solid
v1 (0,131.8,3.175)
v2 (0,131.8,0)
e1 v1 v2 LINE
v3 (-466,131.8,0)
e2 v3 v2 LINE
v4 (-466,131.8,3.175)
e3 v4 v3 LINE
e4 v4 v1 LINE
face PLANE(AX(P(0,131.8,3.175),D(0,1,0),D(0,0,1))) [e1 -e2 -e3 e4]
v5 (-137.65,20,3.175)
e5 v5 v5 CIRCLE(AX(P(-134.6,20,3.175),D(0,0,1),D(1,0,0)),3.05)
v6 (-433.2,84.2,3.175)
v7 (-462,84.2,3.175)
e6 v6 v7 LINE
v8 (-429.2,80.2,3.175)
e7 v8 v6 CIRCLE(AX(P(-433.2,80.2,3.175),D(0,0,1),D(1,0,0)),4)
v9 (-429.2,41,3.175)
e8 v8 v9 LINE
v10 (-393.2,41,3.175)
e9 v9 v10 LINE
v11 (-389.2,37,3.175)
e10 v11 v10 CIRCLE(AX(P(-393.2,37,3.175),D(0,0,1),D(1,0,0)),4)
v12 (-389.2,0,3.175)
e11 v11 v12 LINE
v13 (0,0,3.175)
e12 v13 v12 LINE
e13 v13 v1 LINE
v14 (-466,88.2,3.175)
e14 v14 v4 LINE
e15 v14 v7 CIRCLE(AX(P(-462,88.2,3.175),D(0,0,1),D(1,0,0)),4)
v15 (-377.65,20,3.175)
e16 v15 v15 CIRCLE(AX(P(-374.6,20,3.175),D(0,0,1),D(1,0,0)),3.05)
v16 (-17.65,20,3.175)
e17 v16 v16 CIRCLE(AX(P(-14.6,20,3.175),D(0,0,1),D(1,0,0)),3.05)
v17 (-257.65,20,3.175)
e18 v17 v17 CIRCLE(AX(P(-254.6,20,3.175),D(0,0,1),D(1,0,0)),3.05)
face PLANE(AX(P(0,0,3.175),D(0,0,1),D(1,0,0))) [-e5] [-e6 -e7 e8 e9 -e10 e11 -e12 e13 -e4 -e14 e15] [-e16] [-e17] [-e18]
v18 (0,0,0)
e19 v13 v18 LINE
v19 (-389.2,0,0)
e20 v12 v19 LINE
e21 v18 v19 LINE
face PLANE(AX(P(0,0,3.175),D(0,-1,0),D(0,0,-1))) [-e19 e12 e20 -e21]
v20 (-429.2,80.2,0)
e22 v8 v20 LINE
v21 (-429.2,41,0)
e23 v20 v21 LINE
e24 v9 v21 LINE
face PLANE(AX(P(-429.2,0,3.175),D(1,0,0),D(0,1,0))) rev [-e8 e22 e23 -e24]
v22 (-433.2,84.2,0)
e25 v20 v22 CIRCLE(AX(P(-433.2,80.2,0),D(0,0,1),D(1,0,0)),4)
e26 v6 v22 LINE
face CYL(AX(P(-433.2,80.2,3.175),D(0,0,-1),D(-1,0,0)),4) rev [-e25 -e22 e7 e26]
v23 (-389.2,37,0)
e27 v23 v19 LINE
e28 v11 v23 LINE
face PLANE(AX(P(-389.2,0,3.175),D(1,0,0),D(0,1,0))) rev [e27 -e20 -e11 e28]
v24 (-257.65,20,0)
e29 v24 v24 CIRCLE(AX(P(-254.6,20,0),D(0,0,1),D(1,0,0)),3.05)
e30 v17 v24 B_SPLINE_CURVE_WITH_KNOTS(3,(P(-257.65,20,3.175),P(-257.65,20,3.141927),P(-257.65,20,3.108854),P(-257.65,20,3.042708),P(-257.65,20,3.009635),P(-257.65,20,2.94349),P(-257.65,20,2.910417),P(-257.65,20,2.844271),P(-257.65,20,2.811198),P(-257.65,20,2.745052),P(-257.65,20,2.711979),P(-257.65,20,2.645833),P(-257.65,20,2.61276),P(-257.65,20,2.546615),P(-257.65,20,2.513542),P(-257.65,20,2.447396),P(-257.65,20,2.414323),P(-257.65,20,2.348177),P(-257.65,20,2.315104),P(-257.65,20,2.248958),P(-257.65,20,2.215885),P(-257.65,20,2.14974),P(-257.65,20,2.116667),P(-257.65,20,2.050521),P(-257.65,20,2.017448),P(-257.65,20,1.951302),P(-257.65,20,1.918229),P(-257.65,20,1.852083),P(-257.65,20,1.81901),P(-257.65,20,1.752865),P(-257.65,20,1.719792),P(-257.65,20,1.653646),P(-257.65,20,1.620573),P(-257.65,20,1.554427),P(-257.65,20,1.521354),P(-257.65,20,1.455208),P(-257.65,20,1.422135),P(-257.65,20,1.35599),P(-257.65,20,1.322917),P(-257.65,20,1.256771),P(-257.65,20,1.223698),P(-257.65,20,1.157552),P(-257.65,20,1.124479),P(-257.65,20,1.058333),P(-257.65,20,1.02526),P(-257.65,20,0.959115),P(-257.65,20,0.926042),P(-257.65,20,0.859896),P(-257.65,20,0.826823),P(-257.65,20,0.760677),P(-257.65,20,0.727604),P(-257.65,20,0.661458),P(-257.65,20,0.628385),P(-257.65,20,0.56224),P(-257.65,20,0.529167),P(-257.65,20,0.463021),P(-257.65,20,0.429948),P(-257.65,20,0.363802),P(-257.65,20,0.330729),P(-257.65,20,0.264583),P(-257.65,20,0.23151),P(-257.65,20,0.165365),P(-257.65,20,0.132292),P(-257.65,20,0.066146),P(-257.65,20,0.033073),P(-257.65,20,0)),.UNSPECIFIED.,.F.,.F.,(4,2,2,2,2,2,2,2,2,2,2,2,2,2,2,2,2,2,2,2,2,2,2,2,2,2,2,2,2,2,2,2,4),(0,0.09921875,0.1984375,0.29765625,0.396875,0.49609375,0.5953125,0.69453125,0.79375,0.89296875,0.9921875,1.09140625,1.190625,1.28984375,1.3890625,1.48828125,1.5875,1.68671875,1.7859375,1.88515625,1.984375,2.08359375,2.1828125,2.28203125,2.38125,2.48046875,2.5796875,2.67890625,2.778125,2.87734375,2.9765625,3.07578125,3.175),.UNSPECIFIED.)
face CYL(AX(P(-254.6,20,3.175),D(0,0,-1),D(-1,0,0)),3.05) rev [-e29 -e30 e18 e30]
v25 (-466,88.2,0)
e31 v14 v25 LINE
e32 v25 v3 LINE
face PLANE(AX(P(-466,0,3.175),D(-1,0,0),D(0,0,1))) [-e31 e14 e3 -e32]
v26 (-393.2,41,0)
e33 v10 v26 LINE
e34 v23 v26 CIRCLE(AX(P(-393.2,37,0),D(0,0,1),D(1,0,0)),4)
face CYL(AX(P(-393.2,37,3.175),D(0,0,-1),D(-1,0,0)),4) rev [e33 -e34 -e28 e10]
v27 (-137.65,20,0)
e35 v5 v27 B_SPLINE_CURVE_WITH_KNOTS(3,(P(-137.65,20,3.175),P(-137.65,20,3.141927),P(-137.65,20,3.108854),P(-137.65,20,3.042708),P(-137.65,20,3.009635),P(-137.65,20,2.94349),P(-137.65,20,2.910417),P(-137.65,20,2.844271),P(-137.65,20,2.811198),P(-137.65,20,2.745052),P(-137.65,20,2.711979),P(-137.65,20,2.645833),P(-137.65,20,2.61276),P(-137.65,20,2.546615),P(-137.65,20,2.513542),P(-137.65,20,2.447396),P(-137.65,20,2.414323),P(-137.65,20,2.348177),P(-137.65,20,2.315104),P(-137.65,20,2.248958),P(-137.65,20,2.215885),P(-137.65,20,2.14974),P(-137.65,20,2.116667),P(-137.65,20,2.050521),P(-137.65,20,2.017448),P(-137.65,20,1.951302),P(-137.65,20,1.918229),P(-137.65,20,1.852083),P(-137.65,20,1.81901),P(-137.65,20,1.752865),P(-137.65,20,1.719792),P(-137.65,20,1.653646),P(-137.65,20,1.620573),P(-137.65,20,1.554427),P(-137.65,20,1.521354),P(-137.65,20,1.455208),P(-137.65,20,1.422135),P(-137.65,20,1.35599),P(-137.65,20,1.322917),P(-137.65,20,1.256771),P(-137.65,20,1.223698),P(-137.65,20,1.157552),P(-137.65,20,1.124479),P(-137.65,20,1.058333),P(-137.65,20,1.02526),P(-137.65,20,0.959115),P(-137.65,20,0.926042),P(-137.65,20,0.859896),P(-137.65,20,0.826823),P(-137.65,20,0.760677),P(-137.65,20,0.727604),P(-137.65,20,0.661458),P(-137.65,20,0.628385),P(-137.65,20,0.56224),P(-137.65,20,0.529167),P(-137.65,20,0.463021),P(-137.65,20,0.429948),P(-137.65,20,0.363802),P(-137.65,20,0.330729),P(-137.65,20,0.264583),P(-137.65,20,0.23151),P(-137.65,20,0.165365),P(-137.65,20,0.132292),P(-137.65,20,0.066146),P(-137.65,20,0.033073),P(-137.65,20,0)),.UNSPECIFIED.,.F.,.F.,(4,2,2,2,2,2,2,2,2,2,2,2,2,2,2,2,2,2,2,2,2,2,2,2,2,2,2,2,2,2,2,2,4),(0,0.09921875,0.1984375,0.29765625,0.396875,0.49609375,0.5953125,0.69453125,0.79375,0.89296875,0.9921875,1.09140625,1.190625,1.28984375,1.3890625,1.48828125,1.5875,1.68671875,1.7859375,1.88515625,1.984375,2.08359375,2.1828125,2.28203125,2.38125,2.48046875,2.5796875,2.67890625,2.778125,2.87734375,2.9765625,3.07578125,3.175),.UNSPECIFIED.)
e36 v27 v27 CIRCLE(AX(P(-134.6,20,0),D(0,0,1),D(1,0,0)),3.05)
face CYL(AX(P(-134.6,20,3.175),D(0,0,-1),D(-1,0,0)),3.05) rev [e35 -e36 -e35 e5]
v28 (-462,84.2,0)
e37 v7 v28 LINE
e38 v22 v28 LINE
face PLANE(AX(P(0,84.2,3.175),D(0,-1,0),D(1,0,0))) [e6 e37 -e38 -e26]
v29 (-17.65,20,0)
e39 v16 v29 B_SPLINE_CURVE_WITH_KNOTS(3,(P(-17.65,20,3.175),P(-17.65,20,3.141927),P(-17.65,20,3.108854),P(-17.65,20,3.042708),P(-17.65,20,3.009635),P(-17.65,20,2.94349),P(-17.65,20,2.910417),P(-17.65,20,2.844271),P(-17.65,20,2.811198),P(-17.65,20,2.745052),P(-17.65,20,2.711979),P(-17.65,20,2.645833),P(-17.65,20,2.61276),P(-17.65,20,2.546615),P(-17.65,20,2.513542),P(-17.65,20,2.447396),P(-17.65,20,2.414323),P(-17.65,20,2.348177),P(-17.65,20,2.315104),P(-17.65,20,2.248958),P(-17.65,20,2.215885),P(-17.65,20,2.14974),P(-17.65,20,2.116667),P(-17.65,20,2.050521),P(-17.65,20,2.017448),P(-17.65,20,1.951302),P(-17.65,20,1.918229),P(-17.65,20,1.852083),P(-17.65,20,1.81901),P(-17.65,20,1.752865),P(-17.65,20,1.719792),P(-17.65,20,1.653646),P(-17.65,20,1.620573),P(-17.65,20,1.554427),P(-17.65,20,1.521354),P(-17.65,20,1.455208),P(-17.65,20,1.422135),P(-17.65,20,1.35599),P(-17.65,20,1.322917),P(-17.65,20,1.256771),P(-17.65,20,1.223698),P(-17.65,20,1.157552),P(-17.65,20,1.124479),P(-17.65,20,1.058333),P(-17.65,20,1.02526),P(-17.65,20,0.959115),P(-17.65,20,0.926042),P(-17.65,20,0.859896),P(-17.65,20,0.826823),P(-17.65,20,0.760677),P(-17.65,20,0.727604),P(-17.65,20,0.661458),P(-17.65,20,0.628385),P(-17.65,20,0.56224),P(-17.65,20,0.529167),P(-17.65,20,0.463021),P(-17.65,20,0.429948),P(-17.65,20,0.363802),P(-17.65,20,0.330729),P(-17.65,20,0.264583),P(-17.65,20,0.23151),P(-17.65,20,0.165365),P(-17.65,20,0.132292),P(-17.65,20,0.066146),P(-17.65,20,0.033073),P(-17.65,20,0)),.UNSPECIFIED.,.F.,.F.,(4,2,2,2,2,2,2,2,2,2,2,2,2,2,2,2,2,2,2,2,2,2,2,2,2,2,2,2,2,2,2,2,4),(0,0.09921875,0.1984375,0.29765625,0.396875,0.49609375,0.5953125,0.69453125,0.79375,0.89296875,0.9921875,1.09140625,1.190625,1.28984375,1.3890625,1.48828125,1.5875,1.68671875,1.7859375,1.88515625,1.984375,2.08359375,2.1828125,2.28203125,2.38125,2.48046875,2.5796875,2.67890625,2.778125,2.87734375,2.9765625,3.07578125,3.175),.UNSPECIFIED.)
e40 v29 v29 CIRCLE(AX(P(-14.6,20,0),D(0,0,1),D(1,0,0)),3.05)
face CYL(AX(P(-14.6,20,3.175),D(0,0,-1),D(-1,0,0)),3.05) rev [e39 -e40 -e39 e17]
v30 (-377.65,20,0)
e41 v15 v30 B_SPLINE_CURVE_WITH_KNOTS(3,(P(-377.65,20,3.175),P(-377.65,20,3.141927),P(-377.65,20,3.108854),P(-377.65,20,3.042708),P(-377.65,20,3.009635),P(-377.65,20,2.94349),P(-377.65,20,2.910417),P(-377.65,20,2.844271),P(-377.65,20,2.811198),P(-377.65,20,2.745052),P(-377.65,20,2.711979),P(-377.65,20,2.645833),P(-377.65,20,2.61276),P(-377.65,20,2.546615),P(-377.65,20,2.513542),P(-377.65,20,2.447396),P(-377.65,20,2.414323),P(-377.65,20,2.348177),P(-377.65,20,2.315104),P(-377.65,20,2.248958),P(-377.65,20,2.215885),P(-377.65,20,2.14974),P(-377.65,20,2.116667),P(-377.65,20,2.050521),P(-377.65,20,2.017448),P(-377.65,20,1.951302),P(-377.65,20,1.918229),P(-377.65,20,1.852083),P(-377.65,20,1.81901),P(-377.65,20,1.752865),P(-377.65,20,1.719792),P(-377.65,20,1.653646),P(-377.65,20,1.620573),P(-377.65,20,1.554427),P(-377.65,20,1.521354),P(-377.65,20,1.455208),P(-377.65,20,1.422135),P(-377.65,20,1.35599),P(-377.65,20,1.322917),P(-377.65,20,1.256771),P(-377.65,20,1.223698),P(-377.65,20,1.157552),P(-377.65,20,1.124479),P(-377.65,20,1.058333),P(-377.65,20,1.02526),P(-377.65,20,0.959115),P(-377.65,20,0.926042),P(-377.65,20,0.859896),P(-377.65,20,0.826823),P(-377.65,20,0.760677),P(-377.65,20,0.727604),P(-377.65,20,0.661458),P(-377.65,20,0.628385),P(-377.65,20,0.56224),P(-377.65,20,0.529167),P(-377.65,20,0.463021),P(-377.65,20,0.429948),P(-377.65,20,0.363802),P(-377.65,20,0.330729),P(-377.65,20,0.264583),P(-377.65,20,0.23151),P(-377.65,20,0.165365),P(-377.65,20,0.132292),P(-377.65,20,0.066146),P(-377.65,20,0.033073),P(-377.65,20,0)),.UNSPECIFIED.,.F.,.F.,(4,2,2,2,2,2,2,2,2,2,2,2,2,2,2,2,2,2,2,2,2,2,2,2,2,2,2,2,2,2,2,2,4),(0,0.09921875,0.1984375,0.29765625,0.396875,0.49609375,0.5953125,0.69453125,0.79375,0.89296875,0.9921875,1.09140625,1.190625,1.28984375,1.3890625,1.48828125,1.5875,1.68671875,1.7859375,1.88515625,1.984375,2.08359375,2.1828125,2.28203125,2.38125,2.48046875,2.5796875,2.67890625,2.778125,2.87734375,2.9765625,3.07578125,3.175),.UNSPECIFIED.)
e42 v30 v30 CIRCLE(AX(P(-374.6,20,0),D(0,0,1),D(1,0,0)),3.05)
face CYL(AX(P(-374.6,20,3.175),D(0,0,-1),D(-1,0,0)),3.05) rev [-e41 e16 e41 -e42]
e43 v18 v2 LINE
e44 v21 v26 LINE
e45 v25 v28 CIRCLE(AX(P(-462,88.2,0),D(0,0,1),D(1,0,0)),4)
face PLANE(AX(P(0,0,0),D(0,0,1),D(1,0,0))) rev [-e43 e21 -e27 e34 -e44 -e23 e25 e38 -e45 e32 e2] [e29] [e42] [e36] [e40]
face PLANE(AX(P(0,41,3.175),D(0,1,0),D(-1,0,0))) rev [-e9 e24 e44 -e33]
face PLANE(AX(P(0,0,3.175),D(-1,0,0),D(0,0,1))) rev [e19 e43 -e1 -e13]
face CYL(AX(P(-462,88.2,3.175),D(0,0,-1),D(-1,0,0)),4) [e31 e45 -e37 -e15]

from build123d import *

# Parameters (mm, degrees)
SKETCH1_R           = 3.05
BOSS_EXTRUDE1_DEPTH = 3.175


with BuildPart() as part:
    # Sketch1 → Boss-Extrude1 (new body)
    with BuildSketch(Plane.XY):
        with BuildLine():
            Line((-466, 88.2), (-466, 131.8))
            Line((-466, 131.8), (0, 131.8))
            Line((0, 131.8), (0, 0))
            Line((0, 0), (-389.2, 0))
            Line((-389.2, 0), (-389.2, 37))
            ThreePointArc((-389.2, 37), (-390.371572875, 39.828427125), (-393.2, 41))
            Line((-393.2, 41), (-429.2, 41))
            Line((-429.2, 41), (-429.2, 80.2))
            ThreePointArc((-429.2, 80.2), (-430.371572875, 83.028427125), (-433.2, 84.2))
            Line((-433.2, 84.2), (-462, 84.2))
            ThreePointArc((-462, 84.2), (-464.828427125, 85.371572875), (-466, 88.2))
        make_face()
        with Locations(Location((-14.6, 20, 0), (0, 0, 180))):
            Circle(SKETCH1_R, mode=Mode.SUBTRACT)
        with Locations(Location((-134.6, 20, 0), (0, 0, 180))):
            Circle(SKETCH1_R, mode=Mode.SUBTRACT)
        with Locations(Location((-254.6, 20, 0), (0, 0, 180))):
            Circle(SKETCH1_R, mode=Mode.SUBTRACT)
        with Locations(Location((-374.6, 20, 0), (0, 0, 180))):
            Circle(SKETCH1_R, mode=Mode.SUBTRACT)
    extrude(amount=BOSS_EXTRUDE1_DEPTH)


solid = part.part
